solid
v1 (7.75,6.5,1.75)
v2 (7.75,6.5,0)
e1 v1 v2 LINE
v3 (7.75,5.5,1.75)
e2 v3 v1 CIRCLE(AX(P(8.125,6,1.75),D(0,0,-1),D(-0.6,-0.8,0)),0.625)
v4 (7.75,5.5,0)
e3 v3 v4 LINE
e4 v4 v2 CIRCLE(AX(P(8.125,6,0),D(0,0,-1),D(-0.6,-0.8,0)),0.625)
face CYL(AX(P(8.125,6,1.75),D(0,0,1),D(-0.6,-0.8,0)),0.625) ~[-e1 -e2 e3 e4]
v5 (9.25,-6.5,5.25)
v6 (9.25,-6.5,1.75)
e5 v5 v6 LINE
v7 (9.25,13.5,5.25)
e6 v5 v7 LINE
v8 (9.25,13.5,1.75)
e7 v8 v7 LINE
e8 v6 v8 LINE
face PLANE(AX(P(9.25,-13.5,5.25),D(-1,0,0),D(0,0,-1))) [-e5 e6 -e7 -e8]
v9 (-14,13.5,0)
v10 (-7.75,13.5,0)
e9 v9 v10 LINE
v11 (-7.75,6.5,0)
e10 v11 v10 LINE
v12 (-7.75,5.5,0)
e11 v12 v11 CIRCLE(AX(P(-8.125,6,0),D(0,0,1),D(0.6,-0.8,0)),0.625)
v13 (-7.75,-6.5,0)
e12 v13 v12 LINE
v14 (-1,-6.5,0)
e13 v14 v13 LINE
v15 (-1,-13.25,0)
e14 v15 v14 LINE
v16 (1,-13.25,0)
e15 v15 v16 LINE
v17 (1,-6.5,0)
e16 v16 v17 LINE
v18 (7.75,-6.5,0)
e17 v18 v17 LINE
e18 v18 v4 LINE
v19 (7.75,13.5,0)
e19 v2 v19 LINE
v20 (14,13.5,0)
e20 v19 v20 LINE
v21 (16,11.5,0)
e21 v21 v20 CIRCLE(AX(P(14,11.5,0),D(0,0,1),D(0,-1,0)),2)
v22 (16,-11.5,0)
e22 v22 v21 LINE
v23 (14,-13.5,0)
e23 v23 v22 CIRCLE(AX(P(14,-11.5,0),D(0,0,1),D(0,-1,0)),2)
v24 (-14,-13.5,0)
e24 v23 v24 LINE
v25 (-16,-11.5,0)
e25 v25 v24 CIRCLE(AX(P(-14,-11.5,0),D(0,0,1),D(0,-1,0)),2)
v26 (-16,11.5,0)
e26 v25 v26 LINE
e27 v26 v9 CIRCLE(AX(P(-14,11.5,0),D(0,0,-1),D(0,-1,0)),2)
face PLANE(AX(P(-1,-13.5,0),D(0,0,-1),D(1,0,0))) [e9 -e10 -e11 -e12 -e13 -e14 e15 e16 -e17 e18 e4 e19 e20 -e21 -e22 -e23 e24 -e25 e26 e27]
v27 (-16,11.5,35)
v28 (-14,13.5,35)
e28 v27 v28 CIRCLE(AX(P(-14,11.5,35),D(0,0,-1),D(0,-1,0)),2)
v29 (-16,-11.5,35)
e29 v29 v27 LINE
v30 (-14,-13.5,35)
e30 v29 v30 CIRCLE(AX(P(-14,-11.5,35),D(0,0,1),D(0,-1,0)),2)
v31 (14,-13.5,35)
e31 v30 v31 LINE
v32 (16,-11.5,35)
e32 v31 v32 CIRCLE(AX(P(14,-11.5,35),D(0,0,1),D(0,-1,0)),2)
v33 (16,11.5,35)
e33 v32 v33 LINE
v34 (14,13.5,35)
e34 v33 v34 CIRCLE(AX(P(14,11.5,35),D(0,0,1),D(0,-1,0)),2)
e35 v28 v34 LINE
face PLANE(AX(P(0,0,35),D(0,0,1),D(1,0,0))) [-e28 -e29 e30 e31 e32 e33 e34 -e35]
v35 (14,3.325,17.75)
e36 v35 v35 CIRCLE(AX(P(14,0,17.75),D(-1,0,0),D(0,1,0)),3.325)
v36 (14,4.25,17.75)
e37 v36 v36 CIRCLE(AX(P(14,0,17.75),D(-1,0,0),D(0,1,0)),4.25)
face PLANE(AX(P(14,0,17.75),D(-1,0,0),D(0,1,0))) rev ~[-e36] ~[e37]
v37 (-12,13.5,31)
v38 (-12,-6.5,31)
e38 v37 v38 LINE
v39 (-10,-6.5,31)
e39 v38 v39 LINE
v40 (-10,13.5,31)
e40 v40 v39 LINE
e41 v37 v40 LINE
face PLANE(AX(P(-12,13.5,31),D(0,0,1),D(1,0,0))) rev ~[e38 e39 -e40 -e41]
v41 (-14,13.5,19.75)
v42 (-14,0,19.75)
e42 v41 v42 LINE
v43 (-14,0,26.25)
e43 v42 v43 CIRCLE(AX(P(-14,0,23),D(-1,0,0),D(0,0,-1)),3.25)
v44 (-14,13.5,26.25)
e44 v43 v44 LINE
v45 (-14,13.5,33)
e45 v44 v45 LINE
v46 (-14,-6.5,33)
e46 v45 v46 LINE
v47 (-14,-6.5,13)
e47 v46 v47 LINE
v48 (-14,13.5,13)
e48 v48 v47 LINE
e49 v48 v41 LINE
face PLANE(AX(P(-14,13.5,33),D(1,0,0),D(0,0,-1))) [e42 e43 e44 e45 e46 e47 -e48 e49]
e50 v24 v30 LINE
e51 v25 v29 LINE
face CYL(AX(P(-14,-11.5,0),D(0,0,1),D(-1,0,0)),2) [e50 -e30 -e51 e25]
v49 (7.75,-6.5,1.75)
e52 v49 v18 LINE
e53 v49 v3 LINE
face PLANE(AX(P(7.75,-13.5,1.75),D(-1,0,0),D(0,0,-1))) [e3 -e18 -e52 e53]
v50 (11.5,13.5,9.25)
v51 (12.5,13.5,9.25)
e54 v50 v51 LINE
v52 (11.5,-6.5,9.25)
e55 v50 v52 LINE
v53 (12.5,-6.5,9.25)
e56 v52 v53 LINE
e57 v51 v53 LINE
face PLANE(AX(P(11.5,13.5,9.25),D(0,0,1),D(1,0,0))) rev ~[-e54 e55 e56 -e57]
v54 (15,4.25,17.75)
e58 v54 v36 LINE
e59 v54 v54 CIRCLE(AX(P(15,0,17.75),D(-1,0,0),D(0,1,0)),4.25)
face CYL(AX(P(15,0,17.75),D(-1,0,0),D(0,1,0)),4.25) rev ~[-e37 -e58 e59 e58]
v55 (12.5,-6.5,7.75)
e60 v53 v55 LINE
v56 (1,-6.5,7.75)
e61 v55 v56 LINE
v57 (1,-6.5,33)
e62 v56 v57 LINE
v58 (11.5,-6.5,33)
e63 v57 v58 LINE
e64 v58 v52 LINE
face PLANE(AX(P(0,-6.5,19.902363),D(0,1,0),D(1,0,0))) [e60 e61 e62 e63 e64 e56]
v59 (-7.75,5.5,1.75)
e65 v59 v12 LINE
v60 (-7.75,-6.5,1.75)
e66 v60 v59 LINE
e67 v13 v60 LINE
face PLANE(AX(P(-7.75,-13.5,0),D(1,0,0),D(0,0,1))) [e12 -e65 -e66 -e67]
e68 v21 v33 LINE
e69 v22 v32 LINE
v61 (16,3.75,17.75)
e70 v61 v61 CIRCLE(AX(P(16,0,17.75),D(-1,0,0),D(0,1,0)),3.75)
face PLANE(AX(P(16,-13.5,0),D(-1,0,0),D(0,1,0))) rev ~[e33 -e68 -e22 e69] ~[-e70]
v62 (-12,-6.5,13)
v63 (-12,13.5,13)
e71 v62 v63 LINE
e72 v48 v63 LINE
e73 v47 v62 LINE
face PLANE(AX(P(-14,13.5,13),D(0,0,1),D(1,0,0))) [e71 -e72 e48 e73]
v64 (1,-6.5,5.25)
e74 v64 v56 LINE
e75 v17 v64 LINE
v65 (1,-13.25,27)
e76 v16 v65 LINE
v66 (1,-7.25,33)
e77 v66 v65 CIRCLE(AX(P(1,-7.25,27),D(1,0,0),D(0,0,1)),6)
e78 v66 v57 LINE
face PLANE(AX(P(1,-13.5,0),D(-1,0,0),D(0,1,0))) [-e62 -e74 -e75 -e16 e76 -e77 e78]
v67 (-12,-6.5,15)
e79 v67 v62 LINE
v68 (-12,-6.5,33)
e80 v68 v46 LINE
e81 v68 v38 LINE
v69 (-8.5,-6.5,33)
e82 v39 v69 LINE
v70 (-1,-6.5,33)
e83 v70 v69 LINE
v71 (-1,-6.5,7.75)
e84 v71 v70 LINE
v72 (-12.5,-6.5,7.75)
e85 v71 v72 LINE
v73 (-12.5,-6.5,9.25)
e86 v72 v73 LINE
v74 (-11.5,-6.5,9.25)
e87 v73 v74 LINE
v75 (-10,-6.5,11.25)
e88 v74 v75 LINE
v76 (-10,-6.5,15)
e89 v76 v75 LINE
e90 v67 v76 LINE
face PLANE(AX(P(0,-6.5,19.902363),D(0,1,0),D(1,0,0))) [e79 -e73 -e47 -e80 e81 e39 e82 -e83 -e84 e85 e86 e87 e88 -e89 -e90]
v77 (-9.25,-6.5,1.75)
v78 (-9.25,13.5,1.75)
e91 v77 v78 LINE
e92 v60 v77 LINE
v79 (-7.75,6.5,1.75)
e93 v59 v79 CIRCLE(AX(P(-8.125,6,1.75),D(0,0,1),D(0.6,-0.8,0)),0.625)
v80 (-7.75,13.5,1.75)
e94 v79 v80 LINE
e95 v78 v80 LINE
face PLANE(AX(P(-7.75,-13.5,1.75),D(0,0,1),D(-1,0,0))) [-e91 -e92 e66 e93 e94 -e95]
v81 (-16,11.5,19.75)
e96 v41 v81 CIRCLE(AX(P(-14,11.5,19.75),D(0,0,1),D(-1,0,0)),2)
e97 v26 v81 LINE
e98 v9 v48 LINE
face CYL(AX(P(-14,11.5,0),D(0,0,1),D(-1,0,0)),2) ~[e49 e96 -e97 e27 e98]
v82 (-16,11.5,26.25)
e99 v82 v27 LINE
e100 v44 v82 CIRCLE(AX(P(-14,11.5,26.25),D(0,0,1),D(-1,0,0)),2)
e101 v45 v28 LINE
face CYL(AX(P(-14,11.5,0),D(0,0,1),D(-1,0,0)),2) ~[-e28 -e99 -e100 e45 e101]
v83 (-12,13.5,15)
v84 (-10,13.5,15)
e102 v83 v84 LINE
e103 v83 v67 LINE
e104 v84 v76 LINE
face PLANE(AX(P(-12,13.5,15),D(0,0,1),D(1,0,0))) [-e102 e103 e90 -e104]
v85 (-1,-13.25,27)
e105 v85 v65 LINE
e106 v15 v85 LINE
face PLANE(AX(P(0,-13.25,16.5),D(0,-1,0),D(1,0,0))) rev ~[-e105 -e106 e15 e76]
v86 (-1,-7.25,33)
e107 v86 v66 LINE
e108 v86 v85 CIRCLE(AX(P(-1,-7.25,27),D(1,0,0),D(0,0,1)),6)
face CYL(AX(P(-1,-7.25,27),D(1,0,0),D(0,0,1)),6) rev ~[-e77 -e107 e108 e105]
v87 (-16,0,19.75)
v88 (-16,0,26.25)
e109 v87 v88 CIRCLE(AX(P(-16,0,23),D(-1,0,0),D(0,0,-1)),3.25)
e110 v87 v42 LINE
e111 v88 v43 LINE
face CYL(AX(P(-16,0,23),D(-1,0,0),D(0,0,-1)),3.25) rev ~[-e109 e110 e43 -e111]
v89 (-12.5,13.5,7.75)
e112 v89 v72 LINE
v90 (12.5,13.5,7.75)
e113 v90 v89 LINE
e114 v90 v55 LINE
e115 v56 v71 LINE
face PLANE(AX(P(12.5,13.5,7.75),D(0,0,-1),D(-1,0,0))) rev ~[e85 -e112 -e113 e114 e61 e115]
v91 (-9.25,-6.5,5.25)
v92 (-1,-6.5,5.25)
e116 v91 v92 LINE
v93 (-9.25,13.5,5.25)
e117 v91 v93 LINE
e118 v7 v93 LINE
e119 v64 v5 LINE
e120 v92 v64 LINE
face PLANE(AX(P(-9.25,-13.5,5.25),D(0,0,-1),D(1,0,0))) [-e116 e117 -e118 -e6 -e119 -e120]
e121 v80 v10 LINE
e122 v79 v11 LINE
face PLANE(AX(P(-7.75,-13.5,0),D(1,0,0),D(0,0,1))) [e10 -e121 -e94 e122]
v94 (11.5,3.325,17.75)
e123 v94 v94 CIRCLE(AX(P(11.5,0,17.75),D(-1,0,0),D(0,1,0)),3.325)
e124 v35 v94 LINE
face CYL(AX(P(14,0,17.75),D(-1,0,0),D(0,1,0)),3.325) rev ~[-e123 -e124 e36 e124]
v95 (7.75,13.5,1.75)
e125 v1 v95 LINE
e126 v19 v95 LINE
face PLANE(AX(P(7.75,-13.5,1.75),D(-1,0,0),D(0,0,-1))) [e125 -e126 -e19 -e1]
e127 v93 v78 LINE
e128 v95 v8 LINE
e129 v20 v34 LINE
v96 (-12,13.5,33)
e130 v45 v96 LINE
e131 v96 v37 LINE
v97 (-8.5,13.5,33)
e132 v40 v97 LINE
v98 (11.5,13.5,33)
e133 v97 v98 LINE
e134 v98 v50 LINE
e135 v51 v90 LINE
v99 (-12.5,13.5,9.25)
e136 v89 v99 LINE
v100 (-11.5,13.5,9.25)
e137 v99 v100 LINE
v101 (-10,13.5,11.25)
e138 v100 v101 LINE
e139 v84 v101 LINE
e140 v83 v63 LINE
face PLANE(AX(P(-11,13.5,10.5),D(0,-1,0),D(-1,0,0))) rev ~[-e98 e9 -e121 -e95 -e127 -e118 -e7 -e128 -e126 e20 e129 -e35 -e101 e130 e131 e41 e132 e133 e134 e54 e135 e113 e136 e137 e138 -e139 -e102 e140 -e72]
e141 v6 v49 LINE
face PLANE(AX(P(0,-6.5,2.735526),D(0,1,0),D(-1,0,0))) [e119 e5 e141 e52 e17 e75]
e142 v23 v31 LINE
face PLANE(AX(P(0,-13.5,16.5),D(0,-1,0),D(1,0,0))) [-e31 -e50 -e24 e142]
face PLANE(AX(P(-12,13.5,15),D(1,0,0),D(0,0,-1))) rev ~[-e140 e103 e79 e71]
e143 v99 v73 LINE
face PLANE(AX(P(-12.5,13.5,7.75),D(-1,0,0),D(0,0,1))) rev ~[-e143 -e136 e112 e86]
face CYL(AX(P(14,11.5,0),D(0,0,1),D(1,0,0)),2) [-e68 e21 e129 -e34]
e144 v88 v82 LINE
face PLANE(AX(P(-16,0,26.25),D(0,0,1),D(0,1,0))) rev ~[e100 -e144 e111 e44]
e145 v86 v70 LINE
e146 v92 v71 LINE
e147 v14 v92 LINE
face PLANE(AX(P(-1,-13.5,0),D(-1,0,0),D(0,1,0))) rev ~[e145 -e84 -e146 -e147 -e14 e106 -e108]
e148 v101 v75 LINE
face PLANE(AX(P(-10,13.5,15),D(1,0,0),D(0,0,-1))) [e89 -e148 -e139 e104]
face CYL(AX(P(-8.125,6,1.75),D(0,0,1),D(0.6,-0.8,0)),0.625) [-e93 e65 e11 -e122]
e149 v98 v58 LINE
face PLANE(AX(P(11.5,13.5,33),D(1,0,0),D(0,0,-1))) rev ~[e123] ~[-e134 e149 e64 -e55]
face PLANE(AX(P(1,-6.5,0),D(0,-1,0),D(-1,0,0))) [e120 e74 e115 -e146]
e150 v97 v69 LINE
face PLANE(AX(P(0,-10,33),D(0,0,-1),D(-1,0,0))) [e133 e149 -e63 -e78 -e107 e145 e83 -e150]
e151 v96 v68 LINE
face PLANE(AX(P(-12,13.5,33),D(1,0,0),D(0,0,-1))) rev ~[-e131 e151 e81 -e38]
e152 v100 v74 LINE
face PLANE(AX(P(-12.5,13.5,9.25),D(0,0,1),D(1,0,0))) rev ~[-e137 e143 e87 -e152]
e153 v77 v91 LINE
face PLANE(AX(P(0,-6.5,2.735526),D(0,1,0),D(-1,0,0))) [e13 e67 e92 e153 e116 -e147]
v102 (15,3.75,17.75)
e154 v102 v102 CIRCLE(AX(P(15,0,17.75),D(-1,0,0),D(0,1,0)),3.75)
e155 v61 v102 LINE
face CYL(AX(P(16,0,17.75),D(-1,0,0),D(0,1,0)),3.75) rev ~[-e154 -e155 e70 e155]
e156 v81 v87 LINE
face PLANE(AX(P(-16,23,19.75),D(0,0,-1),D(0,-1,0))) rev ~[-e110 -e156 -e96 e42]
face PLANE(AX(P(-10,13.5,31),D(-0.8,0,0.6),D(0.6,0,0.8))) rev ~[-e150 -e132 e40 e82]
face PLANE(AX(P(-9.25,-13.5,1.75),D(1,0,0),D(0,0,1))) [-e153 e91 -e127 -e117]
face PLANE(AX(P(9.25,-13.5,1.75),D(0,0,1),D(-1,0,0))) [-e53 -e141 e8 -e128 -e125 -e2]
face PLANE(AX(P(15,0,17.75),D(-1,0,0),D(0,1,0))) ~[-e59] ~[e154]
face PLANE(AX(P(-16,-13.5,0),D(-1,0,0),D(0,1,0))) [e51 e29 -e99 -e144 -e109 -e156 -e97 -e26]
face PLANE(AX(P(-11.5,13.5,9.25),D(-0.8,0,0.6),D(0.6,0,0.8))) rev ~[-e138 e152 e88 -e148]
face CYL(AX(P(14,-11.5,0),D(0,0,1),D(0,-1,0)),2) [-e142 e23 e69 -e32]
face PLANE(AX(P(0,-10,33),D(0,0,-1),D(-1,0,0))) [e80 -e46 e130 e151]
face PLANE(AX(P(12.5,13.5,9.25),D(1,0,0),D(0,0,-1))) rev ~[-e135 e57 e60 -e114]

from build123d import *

# Parameters (mm, degrees)
SKETCH1_W               = 32
SKETCH1_H               = 27
BOSS_EXTRUDE1_DEPTH     = 35
FILLET1_R               = 2
CUT_EXTRUDE1_DEPTH      = 1
CUT_EXTRUDE1_DEPTH_BACK = 28
BOSS_EXTRUDE2_DEPTH     = 7
BOSS_EXTRUDE3_DEPTH     = 1.75
SKETCH5_W               = 2
SKETCH5_H               = 7
CUT_EXTRUDE2_DEPTH      = 33
CUT_EXTRUDE3_DEPTH      = 20
SKETCH7_W               = 2
SKETCH7_H               = 33
BOSS_EXTRUDE4_DEPTH     = 0.25
FILLET2_R               = 6
CUT_EXTRUDE5_DEPTH      = 4.5
SKETCH14_W              = 2.5
SKETCH14_H              = 20
CUT_EXTRUDE6_DEPTH      = 20
SKETCH16_W              = 2
SKETCH16_H              = 3.75
SKETCH16_H_2            = 2
BOSS_EXTRUDE5_DEPTH     = 20
BOSS_EXTRUDE6_DEPTH     = 20


with BuildPart() as part:
    # Sketch1 → Boss-Extrude1 (new body)
    with BuildSketch(Plane.XY):
        Rectangle(SKETCH1_W, SKETCH1_H)
    extrude(amount=BOSS_EXTRUDE1_DEPTH)

    # Fillet1
    fillet1_edges = [part.edges().sort_by_distance(p)[0] for p in [
        (16, -13.5, 17.5),
        (-16, -13.5, 17.5),
        (-16, 13.5, 17.5),
        (16, 13.5, 17.5),
    ]]
    fillet(fillet1_edges, radius=FILLET1_R)

    # Sketch2 → Cut-Extrude1 (cut, two sides)
    with BuildSketch(Plane.XZ.offset(13.5)) as cut_extrude1_sk:
        Polygon((-7.75, 0), (-7.75, 1.75), (-9.25, 1.75), (-9.25, 5.25), (9.25, 5.25), (9.25, 1.75), (7.75, 1.75), (7.75, 0), align=None)
    extrude(amount=CUT_EXTRUDE1_DEPTH, mode=Mode.SUBTRACT)
    extrude(cut_extrude1_sk.sketch, amount=-CUT_EXTRUDE1_DEPTH_BACK, mode=Mode.SUBTRACT)

    # Sketch3 → Boss-Extrude2 (add)
    with BuildSketch(Plane.XZ.offset(13.5)):
        Polygon((-7.75, 0), (-7.75, 1.75), (-9.25, 1.75), (-9.25, 5.25), (9.25, 5.25), (9.25, 1.75), (7.75, 1.75), (7.75, 0), align=None)
    extrude(amount=-BOSS_EXTRUDE2_DEPTH)

    # Sketch4 → Boss-Extrude3 (add)
    with BuildSketch(Plane(origin=(0, 0, 1.75), x_dir=(-1, 0, 0), z_dir=(0, 0, -1))):
        with BuildLine():
            Line((-7.75, 6.5), (-7.75, 5.5))
            ThreePointArc((-7.75, 5.5), (-7.5, 6), (-7.75, 6.5))
        make_face()
    boss_extrude3 = extrude(amount=BOSS_EXTRUDE3_DEPTH)

    # Mirror1: Boss-Extrude3 across plane
    add(boss_extrude3.mirror(Plane(origin=(0, 0, 0), x_dir=(0, 0, 1), z_dir=(1, 0, 0))))

    # Sketch5 → Cut-Extrude2 (cut)
    with BuildSketch(Plane(origin=(0, 0, 0), x_dir=(-1, 0, 0), z_dir=(0, 0, -1))):
        with Locations((0, -10)):
            Rectangle(SKETCH5_W, SKETCH5_H)
    extrude(amount=-CUT_EXTRUDE2_DEPTH, mode=Mode.SUBTRACT)

    # Sketch6 → Cut-Extrude3 (cut)
    with BuildSketch(Plane(origin=(0, 13.5, 0), x_dir=(1, 0, 0), z_dir=(0, 1, 0))):
        Polygon((-12.5, -7.75), (-12.5, -9.25), (-11.5, -9.25), (-11.5, -33), (11.5, -33), (11.5, -9.25), (12.5, -9.25), (12.5, -7.75), align=None)
    extrude(amount=-CUT_EXTRUDE3_DEPTH, mode=Mode.SUBTRACT)

    # Sketch7 → Boss-Extrude4 (add)
    with BuildSketch(Plane.XZ.offset(13.5)):
        with Locations((0, 16.5)):
            Rectangle(SKETCH7_W, SKETCH7_H)
    extrude(amount=-BOSS_EXTRUDE4_DEPTH)

    # Fillet2
    fillet2_edges = [part.edges().sort_by_distance(p)[0] for p in [
        (0, -13.25, 33),
    ]]
    fillet(fillet2_edges, radius=FILLET2_R)

    # Sketch9 → Cut-Revolve1 (revolve, cut)
    with BuildSketch(Plane(origin=(0, 0, 17.75), x_dir=(-1, 0, 0), z_dir=(0, 0, -1))):
        Polygon((-15, 4.25), (-14, 4.25), (-14, 3.325), (-11.5, 3.325), (-11.5, 0), (-16, 0), (-16, 3.75), (-15, 3.75), align=None)
    revolve(axis=Axis((16, 0, 17.75), (-1, 0, 0)), mode=Mode.SUBTRACT)

    # Sketch11 → Cut-Extrude5 (cut)
    with BuildSketch(Plane(origin=(-16, 0, 44), x_dir=(0, 0, -1), z_dir=(1, 0, 0))):
        with BuildLine():
            Line((24.25, 23), (24.25, 0))
            ThreePointArc((24.25, 0), (21, -3.25), (17.75, 0))
            Line((17.75, 0), (17.75, 23))
            ThreePointArc((17.75, 23), (21, 26.25), (24.25, 23))
        make_face()
    extrude(amount=CUT_EXTRUDE5_DEPTH, mode=Mode.SUBTRACT)

    # Sketch14 → Cut-Extrude6 (cut)
    with BuildSketch(Plane(origin=(0, 13.5, 0), x_dir=(1, 0, 0), z_dir=(0, 1, 0))):
        with Locations((-12.75, -23)):
            Rectangle(SKETCH14_W, SKETCH14_H)
    extrude(amount=-CUT_EXTRUDE6_DEPTH, mode=Mode.SUBTRACT)

    # Sketch16 → Boss-Extrude5 (add)
    with BuildSketch(Plane(origin=(0, 13.5, 0), x_dir=(1, 0, 0), z_dir=(0, 1, 0))):
        with Locations((-11, -13.125)):
            Rectangle(SKETCH16_W, SKETCH16_H)
        with Locations((-11, -32)):
            Rectangle(SKETCH16_W, SKETCH16_H_2)
    extrude(amount=-BOSS_EXTRUDE5_DEPTH)

    # Sketch20 → Boss-Extrude6 (add)
    with BuildSketch(Plane(origin=(0, 13.5, 0), x_dir=(1, 0, 0), z_dir=(0, 1, 0))):
        Polygon((-11.5, -9.25), (-10, -11.25), (-11.5, -11.25), align=None)
        Polygon((-10, -31), (-8.5, -33), (-10, -33), align=None)
    extrude(amount=-BOSS_EXTRUDE6_DEPTH)


solid = part.part
